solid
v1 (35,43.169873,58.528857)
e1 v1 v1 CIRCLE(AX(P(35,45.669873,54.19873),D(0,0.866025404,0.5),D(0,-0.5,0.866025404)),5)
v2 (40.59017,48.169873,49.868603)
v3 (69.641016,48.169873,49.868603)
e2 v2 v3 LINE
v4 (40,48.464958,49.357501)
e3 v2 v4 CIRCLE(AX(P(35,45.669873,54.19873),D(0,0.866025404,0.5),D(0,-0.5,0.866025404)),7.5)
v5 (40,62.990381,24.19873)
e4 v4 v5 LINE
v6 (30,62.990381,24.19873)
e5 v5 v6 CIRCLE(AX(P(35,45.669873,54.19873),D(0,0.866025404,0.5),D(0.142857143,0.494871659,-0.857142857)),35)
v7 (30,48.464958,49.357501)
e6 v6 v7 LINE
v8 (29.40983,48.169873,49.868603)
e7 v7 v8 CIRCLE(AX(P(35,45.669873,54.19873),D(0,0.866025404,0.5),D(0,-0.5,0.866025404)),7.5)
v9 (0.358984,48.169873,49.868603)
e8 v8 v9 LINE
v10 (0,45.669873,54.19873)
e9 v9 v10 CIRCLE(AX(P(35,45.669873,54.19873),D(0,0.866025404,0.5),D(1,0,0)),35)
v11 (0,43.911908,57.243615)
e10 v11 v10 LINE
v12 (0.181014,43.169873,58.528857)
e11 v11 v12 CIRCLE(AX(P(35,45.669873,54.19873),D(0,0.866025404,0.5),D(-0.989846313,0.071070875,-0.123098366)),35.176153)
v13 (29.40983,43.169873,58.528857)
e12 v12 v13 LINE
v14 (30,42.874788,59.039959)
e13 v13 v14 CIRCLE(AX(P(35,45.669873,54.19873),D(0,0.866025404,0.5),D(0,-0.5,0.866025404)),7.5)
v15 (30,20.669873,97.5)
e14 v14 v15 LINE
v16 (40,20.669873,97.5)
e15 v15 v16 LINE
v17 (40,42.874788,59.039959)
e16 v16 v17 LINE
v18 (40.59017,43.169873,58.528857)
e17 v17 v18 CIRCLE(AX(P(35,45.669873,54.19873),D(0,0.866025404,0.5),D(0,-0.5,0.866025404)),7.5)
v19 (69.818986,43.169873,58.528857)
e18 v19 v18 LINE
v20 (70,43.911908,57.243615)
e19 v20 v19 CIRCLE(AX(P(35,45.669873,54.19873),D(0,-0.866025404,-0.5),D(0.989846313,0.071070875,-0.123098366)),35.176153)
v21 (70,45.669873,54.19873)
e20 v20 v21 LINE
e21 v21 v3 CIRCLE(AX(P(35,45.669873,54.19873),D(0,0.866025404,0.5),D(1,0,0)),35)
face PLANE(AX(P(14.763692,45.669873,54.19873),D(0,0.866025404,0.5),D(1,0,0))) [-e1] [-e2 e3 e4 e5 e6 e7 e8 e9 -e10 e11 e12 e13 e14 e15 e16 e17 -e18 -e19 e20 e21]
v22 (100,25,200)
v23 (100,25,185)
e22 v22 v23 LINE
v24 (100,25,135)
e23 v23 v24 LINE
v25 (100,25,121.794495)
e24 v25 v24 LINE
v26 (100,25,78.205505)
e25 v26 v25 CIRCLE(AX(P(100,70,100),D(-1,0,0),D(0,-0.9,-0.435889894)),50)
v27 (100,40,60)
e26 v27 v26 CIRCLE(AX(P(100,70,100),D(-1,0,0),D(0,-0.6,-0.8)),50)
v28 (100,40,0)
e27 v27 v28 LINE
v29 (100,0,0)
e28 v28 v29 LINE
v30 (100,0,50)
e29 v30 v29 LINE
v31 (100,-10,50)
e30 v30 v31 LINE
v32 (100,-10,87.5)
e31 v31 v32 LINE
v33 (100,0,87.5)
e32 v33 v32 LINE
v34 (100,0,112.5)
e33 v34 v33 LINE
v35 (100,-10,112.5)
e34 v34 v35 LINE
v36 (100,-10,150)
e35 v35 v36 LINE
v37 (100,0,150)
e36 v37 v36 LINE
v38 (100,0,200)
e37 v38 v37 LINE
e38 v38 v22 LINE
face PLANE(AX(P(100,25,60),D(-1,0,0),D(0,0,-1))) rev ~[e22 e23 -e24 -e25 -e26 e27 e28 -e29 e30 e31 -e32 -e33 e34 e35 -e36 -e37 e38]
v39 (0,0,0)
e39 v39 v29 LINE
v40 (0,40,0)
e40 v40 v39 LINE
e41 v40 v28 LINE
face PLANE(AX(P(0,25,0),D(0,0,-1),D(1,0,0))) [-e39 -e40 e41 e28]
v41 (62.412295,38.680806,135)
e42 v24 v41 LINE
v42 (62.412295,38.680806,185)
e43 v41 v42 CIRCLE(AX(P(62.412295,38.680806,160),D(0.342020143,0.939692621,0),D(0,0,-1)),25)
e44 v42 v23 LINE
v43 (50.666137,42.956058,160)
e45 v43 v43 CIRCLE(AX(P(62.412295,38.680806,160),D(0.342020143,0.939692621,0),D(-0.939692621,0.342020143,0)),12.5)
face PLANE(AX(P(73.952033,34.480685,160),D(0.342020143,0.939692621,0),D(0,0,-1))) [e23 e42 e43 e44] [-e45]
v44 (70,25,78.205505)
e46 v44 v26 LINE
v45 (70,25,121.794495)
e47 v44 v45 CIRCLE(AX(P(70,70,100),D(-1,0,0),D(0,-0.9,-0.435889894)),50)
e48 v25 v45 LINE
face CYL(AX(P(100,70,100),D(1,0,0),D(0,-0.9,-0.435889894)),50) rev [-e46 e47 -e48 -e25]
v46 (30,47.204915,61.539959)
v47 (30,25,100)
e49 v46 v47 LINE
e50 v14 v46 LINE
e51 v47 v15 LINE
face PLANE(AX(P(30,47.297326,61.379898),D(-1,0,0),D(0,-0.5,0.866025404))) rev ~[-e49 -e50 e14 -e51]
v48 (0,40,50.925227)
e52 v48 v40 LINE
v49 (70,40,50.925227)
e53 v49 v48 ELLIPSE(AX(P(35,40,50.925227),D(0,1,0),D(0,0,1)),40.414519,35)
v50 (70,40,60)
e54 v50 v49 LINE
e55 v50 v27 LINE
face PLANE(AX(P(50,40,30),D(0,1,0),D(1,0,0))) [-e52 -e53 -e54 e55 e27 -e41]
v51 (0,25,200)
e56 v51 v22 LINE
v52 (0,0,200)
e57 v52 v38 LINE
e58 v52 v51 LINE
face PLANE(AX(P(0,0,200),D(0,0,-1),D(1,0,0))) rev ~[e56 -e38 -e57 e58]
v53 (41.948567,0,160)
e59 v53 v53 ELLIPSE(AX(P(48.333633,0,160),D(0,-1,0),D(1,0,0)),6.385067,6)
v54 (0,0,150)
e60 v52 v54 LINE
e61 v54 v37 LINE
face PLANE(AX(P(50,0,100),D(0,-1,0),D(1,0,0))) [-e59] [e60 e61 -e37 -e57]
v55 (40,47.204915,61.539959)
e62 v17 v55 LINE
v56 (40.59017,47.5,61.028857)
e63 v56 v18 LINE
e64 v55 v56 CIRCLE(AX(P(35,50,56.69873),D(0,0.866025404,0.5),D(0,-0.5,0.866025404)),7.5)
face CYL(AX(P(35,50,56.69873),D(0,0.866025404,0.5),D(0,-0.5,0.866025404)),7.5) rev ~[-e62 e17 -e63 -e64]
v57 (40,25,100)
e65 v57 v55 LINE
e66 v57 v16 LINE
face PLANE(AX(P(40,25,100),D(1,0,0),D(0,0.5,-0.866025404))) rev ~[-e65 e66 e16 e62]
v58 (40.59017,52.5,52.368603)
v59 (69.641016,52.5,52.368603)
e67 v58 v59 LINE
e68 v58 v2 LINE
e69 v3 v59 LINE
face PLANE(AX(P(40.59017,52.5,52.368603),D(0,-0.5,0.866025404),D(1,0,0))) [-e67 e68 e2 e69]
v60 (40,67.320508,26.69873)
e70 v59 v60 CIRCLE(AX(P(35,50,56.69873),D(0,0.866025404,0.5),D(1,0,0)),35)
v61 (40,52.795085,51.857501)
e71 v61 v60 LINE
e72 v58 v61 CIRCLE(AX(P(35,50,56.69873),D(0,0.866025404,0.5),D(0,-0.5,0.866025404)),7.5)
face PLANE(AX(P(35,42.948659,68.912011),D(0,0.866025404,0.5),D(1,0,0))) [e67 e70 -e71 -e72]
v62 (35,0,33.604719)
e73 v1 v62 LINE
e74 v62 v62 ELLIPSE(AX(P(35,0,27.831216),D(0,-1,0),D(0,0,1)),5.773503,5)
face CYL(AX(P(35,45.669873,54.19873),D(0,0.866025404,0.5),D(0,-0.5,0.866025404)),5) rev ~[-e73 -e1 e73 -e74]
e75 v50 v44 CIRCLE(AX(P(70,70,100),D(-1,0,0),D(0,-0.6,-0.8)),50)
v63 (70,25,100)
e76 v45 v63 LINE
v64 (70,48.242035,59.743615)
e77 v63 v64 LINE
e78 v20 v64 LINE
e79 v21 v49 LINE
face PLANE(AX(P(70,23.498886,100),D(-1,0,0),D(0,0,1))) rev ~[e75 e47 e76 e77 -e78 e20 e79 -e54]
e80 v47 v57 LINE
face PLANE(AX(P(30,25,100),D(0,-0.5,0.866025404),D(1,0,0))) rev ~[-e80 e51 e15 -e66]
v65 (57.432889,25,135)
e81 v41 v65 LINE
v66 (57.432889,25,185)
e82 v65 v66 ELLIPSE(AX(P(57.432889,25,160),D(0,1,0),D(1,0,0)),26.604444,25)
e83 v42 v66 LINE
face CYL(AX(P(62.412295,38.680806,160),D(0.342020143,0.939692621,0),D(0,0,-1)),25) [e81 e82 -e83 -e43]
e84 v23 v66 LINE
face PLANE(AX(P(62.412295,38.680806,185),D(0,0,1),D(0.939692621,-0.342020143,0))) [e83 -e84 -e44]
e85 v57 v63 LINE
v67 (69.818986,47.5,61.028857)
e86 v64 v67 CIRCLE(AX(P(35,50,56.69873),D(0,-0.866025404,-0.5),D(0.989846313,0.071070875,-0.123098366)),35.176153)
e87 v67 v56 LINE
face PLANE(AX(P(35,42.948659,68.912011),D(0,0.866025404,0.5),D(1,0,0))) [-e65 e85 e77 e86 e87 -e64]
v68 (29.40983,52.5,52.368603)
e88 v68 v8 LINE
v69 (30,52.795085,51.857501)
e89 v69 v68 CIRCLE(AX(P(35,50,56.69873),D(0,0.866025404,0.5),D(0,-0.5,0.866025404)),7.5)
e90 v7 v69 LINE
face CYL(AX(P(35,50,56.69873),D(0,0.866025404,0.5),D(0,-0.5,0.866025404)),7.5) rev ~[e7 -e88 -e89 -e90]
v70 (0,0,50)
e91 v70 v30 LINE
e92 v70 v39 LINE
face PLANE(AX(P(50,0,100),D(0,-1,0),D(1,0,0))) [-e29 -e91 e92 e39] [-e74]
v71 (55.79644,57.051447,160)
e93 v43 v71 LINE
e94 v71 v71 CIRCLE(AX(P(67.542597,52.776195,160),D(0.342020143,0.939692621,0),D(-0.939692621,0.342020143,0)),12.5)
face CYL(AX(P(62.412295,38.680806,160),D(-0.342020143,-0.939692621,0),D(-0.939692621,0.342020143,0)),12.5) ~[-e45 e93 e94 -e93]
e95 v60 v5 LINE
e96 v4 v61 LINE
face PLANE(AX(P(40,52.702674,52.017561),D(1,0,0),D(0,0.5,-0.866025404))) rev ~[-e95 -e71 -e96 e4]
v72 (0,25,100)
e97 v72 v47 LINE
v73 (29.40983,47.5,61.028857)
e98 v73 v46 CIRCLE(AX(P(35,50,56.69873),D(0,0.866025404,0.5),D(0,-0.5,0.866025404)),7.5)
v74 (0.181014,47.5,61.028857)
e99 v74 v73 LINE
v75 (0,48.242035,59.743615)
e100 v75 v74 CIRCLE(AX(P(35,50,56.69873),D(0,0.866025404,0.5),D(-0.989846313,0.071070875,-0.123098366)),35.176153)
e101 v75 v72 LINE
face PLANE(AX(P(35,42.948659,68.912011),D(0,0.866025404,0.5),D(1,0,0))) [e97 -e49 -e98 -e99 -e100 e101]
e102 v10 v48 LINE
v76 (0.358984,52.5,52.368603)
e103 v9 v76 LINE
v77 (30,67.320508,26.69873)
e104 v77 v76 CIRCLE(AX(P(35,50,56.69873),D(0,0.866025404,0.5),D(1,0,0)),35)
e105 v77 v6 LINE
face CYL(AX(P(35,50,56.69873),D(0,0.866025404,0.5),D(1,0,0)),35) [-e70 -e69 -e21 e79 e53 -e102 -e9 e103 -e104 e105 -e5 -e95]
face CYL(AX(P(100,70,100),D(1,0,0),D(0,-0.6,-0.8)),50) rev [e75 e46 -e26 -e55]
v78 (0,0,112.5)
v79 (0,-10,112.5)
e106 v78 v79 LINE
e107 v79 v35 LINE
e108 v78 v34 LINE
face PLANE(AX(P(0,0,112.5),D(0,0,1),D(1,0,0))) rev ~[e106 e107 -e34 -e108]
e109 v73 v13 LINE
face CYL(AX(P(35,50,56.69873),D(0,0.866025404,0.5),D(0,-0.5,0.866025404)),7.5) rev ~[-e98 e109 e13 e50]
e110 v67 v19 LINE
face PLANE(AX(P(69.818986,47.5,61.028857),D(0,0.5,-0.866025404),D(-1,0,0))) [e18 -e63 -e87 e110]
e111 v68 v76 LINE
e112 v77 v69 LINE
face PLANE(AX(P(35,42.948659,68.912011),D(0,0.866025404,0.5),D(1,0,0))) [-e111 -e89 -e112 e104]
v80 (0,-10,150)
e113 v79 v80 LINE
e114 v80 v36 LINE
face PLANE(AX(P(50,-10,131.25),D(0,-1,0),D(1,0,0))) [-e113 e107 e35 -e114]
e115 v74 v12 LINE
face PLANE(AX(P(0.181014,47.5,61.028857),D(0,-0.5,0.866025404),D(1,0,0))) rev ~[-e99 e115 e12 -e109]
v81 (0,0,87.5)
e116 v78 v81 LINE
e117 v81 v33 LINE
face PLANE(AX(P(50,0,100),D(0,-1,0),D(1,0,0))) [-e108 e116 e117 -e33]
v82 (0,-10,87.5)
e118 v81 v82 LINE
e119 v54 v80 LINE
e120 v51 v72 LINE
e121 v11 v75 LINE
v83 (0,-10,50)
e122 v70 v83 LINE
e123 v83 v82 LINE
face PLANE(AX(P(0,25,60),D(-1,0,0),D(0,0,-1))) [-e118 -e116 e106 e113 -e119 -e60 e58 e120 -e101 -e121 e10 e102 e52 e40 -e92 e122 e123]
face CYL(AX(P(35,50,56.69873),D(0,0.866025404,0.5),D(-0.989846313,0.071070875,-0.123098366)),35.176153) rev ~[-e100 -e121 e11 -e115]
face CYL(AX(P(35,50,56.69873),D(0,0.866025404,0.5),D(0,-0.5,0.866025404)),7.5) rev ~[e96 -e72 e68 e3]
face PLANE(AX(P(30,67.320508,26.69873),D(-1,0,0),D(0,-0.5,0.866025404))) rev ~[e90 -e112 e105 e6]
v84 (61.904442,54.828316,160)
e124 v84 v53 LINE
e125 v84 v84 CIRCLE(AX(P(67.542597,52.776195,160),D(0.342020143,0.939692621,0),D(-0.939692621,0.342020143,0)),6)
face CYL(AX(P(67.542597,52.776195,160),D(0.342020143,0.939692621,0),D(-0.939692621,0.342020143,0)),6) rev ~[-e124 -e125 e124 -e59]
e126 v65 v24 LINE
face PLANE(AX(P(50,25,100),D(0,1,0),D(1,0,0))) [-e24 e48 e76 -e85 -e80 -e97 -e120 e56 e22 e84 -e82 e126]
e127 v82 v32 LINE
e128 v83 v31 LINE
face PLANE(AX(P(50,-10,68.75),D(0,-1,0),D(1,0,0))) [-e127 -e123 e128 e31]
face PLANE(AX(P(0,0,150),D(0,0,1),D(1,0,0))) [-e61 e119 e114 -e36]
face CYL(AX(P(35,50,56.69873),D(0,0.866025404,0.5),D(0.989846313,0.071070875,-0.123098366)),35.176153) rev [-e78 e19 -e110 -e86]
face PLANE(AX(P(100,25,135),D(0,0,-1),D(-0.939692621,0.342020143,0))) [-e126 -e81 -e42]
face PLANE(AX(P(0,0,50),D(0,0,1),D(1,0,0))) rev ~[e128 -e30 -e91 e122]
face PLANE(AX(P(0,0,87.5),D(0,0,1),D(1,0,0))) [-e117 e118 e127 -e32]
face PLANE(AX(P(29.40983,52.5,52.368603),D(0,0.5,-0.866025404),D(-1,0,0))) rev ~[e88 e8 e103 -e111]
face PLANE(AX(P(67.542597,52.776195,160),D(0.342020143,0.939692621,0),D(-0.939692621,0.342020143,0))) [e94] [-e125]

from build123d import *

# Parameters (mm, degrees)
SKETCH1_W            = 100
SKETCH1_H            = 200
BOSS_EXTRUDE1_DEPTH  = 25
BOSS_EXTRUDE3_REACH  = 224.221
SKETCH4_R            = 12.5
BOSS_EXTRUDE4_DEPTH  = 15
SKETCH5_R            = 6
CUT_EXTRUDE1_DEPTH   = 225.303099777
SKETCH6_W            = 100
SKETCH6_H            = 37.5
BOSS_EXTRUDE5_DEPTH  = 10
SKETCH7_W            = 100
SKETCH7_H            = 37.5
BOSS_EXTRUDE6_DEPTH  = 10
SKETCH8_W            = 100
SKETCH8_H            = 60
BOSS_EXTRUDE7_DEPTH  = 15
BOSS_EXTRUDE9_DEPTH  = 37
SKETCH12_R           = 7.5
CUT_EXTRUDE7_DEPTH   = 5
CUT_EXTRUDE8_DEPTH   = 5
CUT_EXTRUDE9_DEPTH   = 5
BOSS_EXTRUDE10_DEPTH = 30
CUT_EXTRUDE10_DEPTH  = 30
SKETCH18_R           = 5
CUT_EXTRUDE11_DEPTH  = 206.831491767


with BuildPart() as part:
    # Sketch1 → Boss-Extrude1 (new body)
    with BuildSketch(Plane(origin=(0, 0, 0), x_dir=(1, 0, 0), z_dir=(0, 1, 0))):
        with Locations((50, -100)):
            Rectangle(SKETCH1_W, SKETCH1_H)
    extrude(amount=BOSS_EXTRUDE1_DEPTH)

    # Boss-Extrude3: up to this face of the body (flat: up to its plane)
    boss_extrude3_end = Plane(part.part.faces().sort_by_distance((50, 0, 100))[0])
    # Sketch3 → Boss-Extrude3 (add, up to the picked face)
    with BuildSketch(Plane(origin=(19.732622965, 54.214936023, 0), x_dir=(0, 0, -1), z_dir=(0.34202014332566943, 0.9396926207859081, 0)), mode=Mode.PRIVATE) as boss_extrude3_sk1:
        with BuildLine():
            Line((-185, -85.418758495), (-135, -85.418758495))
            Line((-135, -85.418758495), (-135, -45.418758495))
            ThreePointArc((-135, -45.418758495), (-160, -20.418758495), (-185, -45.418758495))
            Line((-185, -45.418758495), (-185, -85.418758495))
        make_face()
    boss_extrude3_tool1 = split(extrude(boss_extrude3_sk1.sketch, amount=-BOSS_EXTRUDE3_REACH, mode=Mode.PRIVATE), bisect_by=boss_extrude3_end, keep=Keep.BOTH, mode=Mode.PRIVATE)
    add(boss_extrude3_tool1.solids().sort_by(Axis((71.735431, 35.287462, 160), (-0.34202014332566943, -0.9396926207859081, 0)))[0])

    # Sketch4 → Boss-Extrude4 (add)
    with BuildSketch(Plane(origin=(19.732622965, 54.214936023, 0), x_dir=(0.9396926207859082, -0.34202014332566943, 0), z_dir=(0.34202014332566943, 0.9396926207859082, 0))):
        with Locations(Location((45.418758495, -160, 0), (0, 0, 180))):
            Circle(SKETCH4_R)
    extrude(amount=BOSS_EXTRUDE4_DEPTH)

    # Sketch5 → Cut-Extrude1 (cut, through all)
    with BuildSketch(Plane(origin=(24.862925115, 68.310325335, 0), x_dir=(0.9396926207859082, -0.34202014332566943, 0), z_dir=(0.34202014332566943, 0.9396926207859082, 0))):
        with Locations(Location((45.418758495, -160, 0), (0, 0, 180))):
            Circle(SKETCH5_R)
    extrude(amount=-CUT_EXTRUDE1_DEPTH, mode=Mode.SUBTRACT)

    # Sketch6 → Boss-Extrude5 (add)
    with BuildSketch(Plane.XZ):
        with Locations((50, 131.25)):
            Rectangle(SKETCH6_W, SKETCH6_H)
    extrude(amount=BOSS_EXTRUDE5_DEPTH)

    # Sketch7 → Boss-Extrude6 (add)
    with BuildSketch(Plane.XZ):
        with Locations((50, 68.75)):
            Rectangle(SKETCH7_W, SKETCH7_H)
    extrude(amount=BOSS_EXTRUDE6_DEPTH)

    # Sketch8 → Boss-Extrude7 (add)
    with BuildSketch(Plane(origin=(0, 25, 0), x_dir=(1, 0, 0), z_dir=(0, 1, 0))):
        with Locations((50, -30)):
            Rectangle(SKETCH8_W, SKETCH8_H)
    extrude(amount=BOSS_EXTRUDE7_DEPTH)

    # Sketch10 → Boss-Extrude9 (add)
    with BuildSketch(Plane(origin=(0, 62.051270189, 35.825317547), x_dir=(1, 0, 0), z_dir=(0, 0.866025403784438, 0.500000000000001))):
        with BuildLine():
            Line((0, -74.102540378), (70, -74.102540378))
            Line((70, -74.102540378), (70, -24.102540378))
            ThreePointArc((70, -24.102540378), (35, 10.897459622), (0, -24.102540378))
            Line((0, -24.102540378), (0, -74.102540378))
        make_face()
    extrude(amount=-BOSS_EXTRUDE9_DEPTH)

    # Sketch12 → Cut-Extrude7 (cut)
    with BuildSketch(Plane(origin=(0, 62.051270189, 35.825317547), x_dir=(1, 0, 0), z_dir=(0, 0.8660254037844382, 0.500000000000001))):
        with Locations(Location((35, -24.102540378, 0), (0, 0, 270))):
            Circle(SKETCH12_R)
    extrude(amount=-CUT_EXTRUDE7_DEPTH, mode=Mode.SUBTRACT)

    # Sketch13 → Cut-Extrude8 (cut)
    with BuildSketch(Plane(origin=(0, 62.051270189, 35.825317547), x_dir=(1, 0, 0), z_dir=(0, 0.8660254037844382, 0.500000000000001))):
        with BuildLine():
            Line((35, -74.102540378), (40, -74.102540378))
            Line((40, -74.102540378), (40, -29.507888224))
            ThreePointArc((40, -29.507888224), (35, -31.465813111), (30, -29.507888224))
            Line((30, -29.507888224), (30, -74.102540378))
            Line((30, -74.102540378), (35, -74.102540378))
        make_face()
        with BuildLine():
            Line((40, -18.697192533), (40, 10.538475773))
            ThreePointArc((40, 10.538475773), (35, 10.897459622), (30, 10.538475773))
            Line((30, 10.538475773), (30, -18.697192533))
            ThreePointArc((30, -18.697192533), (35, -16.739267646), (40, -18.697192533))
        make_face()
    extrude(amount=-CUT_EXTRUDE8_DEPTH, mode=Mode.SUBTRACT)

    # Sketch14 → Cut-Extrude9 (cut)
    with BuildSketch(Plane(origin=(0, 62.051270189, 35.825317547), x_dir=(1, 0, 0), z_dir=(0, 0.8660254037844382, 0.500000000000001))):
        with BuildLine():
            Line((29.409830056, -19.102540378), (0.181014248, -19.102540378))
            ThreePointArc((0.181014248, -19.102540378), (-0.176153411, -24.102540378), (0.181014248, -29.102540378))
            Line((0.181014248, -29.102540378), (29.409830056, -29.102540378))
            ThreePointArc((29.409830056, -29.102540378), (27.5, -24.102540378), (29.409830056, -19.102540378))
        make_face()
        with BuildLine():
            Line((40.590169944, -19.102540378), (69.818985752, -19.102540378))
            ThreePointArc((69.818985752, -19.102540378), (70.176153411, -24.102540378), (69.818985752, -29.102540378))
            Line((69.818985752, -29.102540378), (40.590169944, -29.102540378))
            ThreePointArc((40.590169944, -29.102540378), (42.5, -24.102540378), (40.590169944, -19.102540378))
        make_face()
    extrude(amount=-CUT_EXTRUDE9_DEPTH, mode=Mode.SUBTRACT)

    # Sketch16 → Boss-Extrude10 (add)
    with BuildSketch(Plane(origin=(100, 0, 0), x_dir=(0, 0, -1), z_dir=(1, 0, 0))):
        with BuildLine():
            Line((-121.794494718, 25), (-200, 25))
            Line((-200, 25), (-200, 0))
            Line((-200, 0), (-150, 0))
            Line((-150, 0), (-150, -10))
            Line((-150, -10), (-112.5, -10))
            Line((-112.5, -10), (-112.5, 0))
            Line((-112.5, 0), (-87.5, 0))
            Line((-87.5, 0), (-87.5, -10))
            Line((-87.5, -10), (-50, -10))
            Line((-50, -10), (-50, 0))
            Line((-50, 0), (0, 0))
            Line((0, 0), (0, 40))
            Line((0, 40), (-60, 40))
            ThreePointArc((-60, 40), (-88.205505282, 21.411010565), (-121.794494718, 25))
        make_face()
    extrude(amount=-BOSS_EXTRUDE10_DEPTH)

    # Sketch17 → Cut-Extrude10 (cut)
    with BuildSketch(Plane(origin=(100, 0, 0), x_dir=(0, 0, -1), z_dir=(1, 0, 0))):
        with BuildLine():
            Line((-121.794494718, 25), (-78.205505282, 25))
            ThreePointArc((-78.205505282, 25), (-100, 20), (-121.794494718, 25))
        make_face()
    extrude(amount=-CUT_EXTRUDE10_DEPTH, mode=Mode.SUBTRACT)

    # Sketch18 → Cut-Extrude11 (cut, through all)
    with BuildSketch(Plane(origin=(0, 57.72114317, 33.325317547), x_dir=(1, 0, 0), z_dir=(0, 0.8660254037844382, 0.5000000000000011))):
        with Locations(Location((35, -24.102540378, 0), (0, 0, 270))):
            Circle(SKETCH18_R)
    extrude(amount=-CUT_EXTRUDE11_DEPTH, mode=Mode.SUBTRACT)


solid = part.part
